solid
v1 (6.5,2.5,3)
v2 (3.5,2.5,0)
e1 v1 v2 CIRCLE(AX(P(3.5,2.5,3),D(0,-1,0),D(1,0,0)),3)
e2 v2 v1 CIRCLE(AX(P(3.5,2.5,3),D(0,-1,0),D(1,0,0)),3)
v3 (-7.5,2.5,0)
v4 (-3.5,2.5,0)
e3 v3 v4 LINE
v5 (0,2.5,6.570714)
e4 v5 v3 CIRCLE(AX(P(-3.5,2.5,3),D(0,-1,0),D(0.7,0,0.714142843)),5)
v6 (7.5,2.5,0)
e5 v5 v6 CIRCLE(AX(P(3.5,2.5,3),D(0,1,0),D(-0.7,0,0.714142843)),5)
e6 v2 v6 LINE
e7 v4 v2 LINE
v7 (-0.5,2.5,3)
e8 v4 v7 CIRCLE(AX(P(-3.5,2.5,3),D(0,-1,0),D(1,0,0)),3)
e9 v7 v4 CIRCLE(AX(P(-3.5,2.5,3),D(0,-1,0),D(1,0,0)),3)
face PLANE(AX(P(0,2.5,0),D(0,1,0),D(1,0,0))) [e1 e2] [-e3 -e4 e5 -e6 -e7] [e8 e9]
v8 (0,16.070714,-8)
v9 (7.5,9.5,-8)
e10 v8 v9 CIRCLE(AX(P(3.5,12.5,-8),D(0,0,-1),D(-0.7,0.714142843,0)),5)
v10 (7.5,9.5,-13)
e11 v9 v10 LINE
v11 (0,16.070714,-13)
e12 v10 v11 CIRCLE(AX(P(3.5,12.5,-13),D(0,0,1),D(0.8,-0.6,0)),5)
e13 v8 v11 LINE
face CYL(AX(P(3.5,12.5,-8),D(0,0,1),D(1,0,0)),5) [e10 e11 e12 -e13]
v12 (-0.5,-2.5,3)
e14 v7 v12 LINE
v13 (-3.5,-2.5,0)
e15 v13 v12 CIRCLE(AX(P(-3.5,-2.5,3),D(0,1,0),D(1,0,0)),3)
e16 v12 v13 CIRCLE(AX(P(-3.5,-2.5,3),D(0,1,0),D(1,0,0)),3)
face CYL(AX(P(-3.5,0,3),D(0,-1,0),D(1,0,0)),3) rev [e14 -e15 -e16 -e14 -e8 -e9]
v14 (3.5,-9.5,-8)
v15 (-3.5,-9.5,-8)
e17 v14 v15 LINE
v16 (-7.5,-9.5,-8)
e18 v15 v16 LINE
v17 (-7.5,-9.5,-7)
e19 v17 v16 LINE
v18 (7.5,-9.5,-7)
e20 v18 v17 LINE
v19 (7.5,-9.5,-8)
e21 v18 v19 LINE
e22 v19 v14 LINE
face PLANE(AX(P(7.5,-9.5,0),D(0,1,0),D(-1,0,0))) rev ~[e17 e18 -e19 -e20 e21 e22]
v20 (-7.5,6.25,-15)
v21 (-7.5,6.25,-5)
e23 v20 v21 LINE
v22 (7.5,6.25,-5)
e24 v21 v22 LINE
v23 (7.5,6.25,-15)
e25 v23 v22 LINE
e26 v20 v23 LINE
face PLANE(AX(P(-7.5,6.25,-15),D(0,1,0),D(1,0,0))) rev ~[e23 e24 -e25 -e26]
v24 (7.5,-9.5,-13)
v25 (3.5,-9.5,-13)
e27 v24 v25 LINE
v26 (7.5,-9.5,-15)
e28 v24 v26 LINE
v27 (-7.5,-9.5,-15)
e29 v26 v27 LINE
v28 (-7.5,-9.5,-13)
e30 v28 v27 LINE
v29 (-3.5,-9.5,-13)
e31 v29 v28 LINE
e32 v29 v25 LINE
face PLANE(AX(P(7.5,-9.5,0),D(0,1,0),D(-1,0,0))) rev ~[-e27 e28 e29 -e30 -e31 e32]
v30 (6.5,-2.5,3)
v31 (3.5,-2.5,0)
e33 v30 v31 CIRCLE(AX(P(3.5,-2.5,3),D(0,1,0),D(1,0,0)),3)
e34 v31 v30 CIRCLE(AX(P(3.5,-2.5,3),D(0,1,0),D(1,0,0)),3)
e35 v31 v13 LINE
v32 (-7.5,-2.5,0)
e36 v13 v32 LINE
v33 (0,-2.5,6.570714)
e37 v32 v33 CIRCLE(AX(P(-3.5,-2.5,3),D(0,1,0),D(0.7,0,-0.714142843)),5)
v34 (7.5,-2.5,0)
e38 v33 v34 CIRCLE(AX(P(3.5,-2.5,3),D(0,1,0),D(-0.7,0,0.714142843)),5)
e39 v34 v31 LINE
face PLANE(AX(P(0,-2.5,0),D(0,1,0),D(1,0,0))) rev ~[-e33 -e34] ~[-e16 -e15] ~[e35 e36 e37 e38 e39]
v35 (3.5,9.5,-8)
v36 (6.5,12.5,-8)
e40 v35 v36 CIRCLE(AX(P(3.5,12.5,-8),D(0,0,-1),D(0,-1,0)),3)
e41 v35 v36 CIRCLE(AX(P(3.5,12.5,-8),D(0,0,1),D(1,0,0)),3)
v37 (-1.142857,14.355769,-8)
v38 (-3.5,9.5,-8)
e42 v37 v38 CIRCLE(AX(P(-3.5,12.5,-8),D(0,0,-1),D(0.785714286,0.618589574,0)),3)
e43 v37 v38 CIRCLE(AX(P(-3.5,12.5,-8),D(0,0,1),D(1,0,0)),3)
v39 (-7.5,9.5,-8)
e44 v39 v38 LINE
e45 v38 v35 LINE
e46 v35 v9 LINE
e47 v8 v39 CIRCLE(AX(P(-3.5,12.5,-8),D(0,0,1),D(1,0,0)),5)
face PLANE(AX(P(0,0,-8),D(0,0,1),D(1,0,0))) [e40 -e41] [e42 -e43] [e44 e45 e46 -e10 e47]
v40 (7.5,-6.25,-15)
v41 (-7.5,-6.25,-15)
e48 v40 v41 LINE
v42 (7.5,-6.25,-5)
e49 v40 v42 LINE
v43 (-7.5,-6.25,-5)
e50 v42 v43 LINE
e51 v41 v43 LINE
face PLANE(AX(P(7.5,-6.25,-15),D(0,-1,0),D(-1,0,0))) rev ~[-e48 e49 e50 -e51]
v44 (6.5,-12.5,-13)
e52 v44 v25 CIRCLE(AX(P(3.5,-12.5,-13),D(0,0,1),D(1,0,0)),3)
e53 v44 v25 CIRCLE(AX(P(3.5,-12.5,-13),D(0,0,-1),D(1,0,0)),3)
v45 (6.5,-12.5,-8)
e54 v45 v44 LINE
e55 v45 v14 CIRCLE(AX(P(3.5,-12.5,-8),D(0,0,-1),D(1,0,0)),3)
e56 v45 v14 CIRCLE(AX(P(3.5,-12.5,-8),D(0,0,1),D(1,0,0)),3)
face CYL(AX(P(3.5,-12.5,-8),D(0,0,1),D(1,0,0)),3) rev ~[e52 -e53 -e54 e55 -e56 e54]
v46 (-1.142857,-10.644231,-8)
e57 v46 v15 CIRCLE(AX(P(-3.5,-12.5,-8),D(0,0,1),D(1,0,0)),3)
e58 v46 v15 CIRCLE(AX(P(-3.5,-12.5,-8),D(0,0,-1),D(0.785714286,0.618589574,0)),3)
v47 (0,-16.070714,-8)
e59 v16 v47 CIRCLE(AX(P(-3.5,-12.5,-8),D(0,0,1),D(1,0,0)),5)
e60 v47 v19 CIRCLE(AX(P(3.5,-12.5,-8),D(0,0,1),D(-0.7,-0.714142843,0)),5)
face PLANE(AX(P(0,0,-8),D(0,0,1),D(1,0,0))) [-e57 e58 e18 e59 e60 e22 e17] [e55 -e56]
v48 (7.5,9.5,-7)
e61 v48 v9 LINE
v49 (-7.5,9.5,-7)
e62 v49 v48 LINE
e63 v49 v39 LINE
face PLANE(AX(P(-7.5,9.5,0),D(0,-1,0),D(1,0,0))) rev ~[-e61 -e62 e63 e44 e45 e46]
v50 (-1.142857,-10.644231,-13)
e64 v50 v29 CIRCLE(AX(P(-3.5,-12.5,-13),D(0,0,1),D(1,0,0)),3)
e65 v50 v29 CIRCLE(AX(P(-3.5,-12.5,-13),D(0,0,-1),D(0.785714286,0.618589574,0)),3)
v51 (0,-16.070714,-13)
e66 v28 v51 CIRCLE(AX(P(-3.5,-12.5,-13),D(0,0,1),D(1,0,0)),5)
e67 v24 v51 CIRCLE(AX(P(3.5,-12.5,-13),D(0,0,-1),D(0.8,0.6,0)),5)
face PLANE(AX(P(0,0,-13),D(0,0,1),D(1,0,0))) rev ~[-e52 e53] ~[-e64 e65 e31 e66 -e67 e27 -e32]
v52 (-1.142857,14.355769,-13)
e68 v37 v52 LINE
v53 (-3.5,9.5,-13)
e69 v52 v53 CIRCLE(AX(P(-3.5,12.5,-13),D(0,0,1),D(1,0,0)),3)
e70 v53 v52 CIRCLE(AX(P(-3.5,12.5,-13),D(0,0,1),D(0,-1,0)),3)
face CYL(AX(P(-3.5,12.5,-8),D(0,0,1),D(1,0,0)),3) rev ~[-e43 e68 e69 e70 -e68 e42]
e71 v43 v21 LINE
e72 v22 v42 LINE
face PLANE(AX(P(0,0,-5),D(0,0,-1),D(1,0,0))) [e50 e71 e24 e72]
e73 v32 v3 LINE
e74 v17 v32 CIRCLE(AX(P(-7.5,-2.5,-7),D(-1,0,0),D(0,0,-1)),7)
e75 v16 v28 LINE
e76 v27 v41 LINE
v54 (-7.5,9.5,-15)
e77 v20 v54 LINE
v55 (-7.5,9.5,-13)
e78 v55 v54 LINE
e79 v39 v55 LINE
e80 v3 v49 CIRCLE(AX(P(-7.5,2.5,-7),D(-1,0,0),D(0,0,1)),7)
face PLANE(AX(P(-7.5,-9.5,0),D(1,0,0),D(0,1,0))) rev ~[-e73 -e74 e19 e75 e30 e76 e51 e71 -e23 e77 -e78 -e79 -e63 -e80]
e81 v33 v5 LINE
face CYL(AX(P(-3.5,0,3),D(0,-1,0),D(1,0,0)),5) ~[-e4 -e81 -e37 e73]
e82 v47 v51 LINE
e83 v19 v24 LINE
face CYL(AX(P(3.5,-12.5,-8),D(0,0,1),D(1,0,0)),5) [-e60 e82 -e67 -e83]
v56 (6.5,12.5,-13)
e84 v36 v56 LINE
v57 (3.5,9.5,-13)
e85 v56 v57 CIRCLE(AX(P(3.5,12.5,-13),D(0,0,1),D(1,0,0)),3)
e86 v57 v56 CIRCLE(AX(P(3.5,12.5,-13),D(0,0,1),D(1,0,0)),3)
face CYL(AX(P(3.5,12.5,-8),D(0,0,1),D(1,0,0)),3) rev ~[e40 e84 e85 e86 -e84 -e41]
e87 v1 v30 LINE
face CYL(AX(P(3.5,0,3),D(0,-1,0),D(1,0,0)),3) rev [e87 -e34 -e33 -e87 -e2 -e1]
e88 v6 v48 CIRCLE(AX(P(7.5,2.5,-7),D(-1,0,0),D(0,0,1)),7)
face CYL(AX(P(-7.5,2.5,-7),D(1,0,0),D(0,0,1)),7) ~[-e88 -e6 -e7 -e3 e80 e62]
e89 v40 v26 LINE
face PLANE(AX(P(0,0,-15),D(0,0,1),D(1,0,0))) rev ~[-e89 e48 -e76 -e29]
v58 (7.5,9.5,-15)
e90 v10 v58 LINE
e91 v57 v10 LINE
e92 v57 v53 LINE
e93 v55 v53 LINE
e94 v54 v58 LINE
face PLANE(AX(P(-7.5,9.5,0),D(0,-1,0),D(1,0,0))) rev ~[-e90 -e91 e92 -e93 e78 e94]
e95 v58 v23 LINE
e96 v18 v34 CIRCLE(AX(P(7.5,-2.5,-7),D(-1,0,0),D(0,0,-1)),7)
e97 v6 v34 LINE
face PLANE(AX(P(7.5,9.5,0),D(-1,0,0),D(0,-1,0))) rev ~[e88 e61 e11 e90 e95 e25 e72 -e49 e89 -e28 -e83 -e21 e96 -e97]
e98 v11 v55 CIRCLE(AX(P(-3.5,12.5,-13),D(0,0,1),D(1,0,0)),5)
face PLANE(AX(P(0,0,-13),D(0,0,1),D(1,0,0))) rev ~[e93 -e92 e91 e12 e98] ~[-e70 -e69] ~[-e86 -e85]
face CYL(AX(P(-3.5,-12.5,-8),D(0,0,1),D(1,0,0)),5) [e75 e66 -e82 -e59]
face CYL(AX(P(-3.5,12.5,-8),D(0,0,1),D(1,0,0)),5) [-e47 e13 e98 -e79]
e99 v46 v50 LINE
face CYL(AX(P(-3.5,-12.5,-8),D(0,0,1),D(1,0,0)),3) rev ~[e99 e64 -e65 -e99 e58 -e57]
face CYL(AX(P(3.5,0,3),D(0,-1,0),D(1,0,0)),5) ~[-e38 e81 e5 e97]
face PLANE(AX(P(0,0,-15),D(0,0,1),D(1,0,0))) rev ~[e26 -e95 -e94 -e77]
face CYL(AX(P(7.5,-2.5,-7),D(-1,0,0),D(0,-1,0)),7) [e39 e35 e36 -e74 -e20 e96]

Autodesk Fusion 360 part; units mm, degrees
sketch "Sketch1" plane through (0, 0, 0) normal (0, 0, 1) x (1, 0, 0)
  line L0 (7.5, -9.5) -> (-7.5, -9.5)
  line L1 (-7.5, -9.5) -> (-7.5, 9.5)
  line L2 (-7.5, 9.5) -> (7.5, 9.5)
  line L3 (7.5, 9.5) -> (7.5, -9.5)
  line L4 (7.5, -9.5) -> (-7.5, 9.5) construction
  line L5 (-7.5, -9.5) -> (7.5, 9.5) construction
  dimension "d1" = 15
  dimension "d2" = 19
extrude "Extrude1" add sketch "Sketch1" against normal blind 15
sketch "Sketch2" plane through (0, 0, -15) normal (0, 0, -1) x (1, 0, 0)
  line L0 (-7.5, -9.5) -> (7.5, -9.5)
  line L1 (7.5, -9.5) -> (7.5, 9.5)
  line L2 (7.5, 9.5) -> (-7.5, 9.5)
  line L3 (-7.5, 9.5) -> (-7.5, -9.5)
  line L4 (7.5, 6.25) -> (-7.5, 6.25)
  line L5 (-7.5, 6.25) -> (-7.5, -6.25)
  line L6 (-7.5, -6.25) -> (7.5, -6.25)
  line L7 (7.5, -6.25) -> (7.5, 6.25)
  line L8 (7.5, 6.25) -> (-7.5, -6.25) construction
  line L9 (-7.5, 6.25) -> (7.5, -6.25) construction
  dimension "d5" = 15
  dimension "d6" = 12.5
extrude "Extrude2" cut sketch "Sketch2" against normal blind 10 contours L1 L3 L4 L5 L6 L7
fillet "Fillet1" radius 7 2 edges at (0, 9.5, 0) (0, -9.5, 0)
ref_plane "WorkPlane1" through (0, 0, 0) normal (0, 1, 0) x (0, 0, 1)
sketch "Sketch4" plane through (0, 0, 0) normal (0, 1, 0) x (1, 0, 0)
  line L0 (-7.5, 0) -> (-7.5, 7)
  line L1 (7.5, 7) -> (7.5, 0)
  line L2 (7.5, 0) -> (-7.5, 0)
  line L3 (-7.5, 7) -> (-7.5, 15)
  line L4 (7.5, 15) -> (-7.5, 15)
  line L5 (7.5, 7) -> (7.5, 15)
  line L6 (0, 0) -> (-3.5, 0) construction
  line L7 (0, 0) -> (3.5, 0) construction
  line L8 (-3.5, 0) -> (-3.5, -3) construction
  line L9 (3.5, 0) -> (3.5, -3) construction
  circle A0 centre (3.5, -3) radius 3
  circle A1 centre (-3.5, -3) radius 3
  circle A2 centre (-3.5, -3) radius 5
  circle A3 centre (3.5, -3) radius 5
  dimension "d20" = 3.5
  dimension "d21" = 3.5
  dimension "d22" = 3
  dimension "d23" = 3
  dimension "d24" = 6
  dimension "d25" = 6
  dimension "d26" = 10
  dimension "d27" = 10
extrude "Extrude3" add sketch "Sketch4" along normal mid plane 5 contours L2 A2 A3 | L2 A1 A2 A3 | L2 A1 A3 | L2 A2 A3 | L2 A0 A1 A2 A3 | L2 A0 A2 A3 | L2 A0 A2 picked at (-1.7132, 0.4693) picked at (1.7132, 0.4693)
ref_plane "WorkPlane2" through (0, 0, -8) normal (0, 0, 1) x (1, 0, 0)
sketch "Sketch5" plane through (0, 0, -8) normal (0, 0, 1) x (1, 0, 0)
  line L0 (-7.5, 6.25) -> (-7.5, 9.5)
  line L1 (-7.5, -9.5) -> (-7.5, -6.25)
  line L2 (-7.5, 9.5) -> (7.5, 9.5)
  line L3 (7.5, 9.5) -> (7.5, 6.25)
  line L4 (7.5, -6.25) -> (7.5, -9.5)
  line L5 (7.5, -9.5) -> (-7.5, -9.5)
  line L6 (0, 9.5) -> (-3.5, 9.5) construction
  line L7 (0, 9.5) -> (3.5, 9.5) construction
  line L8 (-3.5, 9.5) -> (-3.5, 12.5) construction
  line L9 (3.5, 9.5) -> (3.5, 12.5) construction
  line L10 (10.0516, 0) -> (-10.1091, 0) construction
  circle A0 centre (3.5, 12.5) radius 3
  circle A1 centre (-3.5, 12.5) radius 3
  circle A2 centre (-3.5, 12.5) radius 5
  circle A3 centre (3.5, 12.5) radius 5
  circle A4 centre (3.5, -12.5) radius 5
  circle A5 centre (3.5, -12.5) radius 3
  circle A6 centre (-3.5, -12.5) radius 5
  circle A7 centre (-3.5, -12.5) radius 3
  line L11 (8.5, 2.5) -> (7.5, 2.5)
  line L12 (7.5, -2.5) -> (8.5, -2.5)
  line L13 (7.5, -6.25) -> (7.5, -2.5)
  line L14 (7.5, 2.5) -> (7.5, 6.25)
  line L15 (8.5, 2.5) -> (8.5, -2.5)
  line L16 (-7.5, 2.5) -> (-8.5, 2.5)
  line L17 (-8.5, -2.5) -> (-7.5, -2.5)
  line L18 (-7.5, 6.25) -> (-7.5, 2.5)
  line L19 (-7.5, -2.5) -> (-7.5, -6.25)
  line L20 (-8.5, 2.5) -> (-8.5, -2.5)
  dimension "d31" = 3.5
  dimension "d32" = 3.5
  dimension "d33" = 3
  dimension "d34" = 3
  dimension "d35" = 6
  dimension "d36" = 6
  dimension "d37" = 10
  dimension "d38" = 10
extrude "Extrude4" add sketch "Sketch5" against normal blind 5 contours L2 A1 A2 A3 | L2 A1 A3 | L2 A0 A2 A3 | L2 A0 A1 A2 A3 | L2 A0 A2 | L5 A4 A6 A7 | L5 A4 A7 | L5 A4 A5 A6 | L5 A4 A5 A6 A7 | L5 A5 A6
equation "d2 = 13 mm + 3 mm + 3 mm"
